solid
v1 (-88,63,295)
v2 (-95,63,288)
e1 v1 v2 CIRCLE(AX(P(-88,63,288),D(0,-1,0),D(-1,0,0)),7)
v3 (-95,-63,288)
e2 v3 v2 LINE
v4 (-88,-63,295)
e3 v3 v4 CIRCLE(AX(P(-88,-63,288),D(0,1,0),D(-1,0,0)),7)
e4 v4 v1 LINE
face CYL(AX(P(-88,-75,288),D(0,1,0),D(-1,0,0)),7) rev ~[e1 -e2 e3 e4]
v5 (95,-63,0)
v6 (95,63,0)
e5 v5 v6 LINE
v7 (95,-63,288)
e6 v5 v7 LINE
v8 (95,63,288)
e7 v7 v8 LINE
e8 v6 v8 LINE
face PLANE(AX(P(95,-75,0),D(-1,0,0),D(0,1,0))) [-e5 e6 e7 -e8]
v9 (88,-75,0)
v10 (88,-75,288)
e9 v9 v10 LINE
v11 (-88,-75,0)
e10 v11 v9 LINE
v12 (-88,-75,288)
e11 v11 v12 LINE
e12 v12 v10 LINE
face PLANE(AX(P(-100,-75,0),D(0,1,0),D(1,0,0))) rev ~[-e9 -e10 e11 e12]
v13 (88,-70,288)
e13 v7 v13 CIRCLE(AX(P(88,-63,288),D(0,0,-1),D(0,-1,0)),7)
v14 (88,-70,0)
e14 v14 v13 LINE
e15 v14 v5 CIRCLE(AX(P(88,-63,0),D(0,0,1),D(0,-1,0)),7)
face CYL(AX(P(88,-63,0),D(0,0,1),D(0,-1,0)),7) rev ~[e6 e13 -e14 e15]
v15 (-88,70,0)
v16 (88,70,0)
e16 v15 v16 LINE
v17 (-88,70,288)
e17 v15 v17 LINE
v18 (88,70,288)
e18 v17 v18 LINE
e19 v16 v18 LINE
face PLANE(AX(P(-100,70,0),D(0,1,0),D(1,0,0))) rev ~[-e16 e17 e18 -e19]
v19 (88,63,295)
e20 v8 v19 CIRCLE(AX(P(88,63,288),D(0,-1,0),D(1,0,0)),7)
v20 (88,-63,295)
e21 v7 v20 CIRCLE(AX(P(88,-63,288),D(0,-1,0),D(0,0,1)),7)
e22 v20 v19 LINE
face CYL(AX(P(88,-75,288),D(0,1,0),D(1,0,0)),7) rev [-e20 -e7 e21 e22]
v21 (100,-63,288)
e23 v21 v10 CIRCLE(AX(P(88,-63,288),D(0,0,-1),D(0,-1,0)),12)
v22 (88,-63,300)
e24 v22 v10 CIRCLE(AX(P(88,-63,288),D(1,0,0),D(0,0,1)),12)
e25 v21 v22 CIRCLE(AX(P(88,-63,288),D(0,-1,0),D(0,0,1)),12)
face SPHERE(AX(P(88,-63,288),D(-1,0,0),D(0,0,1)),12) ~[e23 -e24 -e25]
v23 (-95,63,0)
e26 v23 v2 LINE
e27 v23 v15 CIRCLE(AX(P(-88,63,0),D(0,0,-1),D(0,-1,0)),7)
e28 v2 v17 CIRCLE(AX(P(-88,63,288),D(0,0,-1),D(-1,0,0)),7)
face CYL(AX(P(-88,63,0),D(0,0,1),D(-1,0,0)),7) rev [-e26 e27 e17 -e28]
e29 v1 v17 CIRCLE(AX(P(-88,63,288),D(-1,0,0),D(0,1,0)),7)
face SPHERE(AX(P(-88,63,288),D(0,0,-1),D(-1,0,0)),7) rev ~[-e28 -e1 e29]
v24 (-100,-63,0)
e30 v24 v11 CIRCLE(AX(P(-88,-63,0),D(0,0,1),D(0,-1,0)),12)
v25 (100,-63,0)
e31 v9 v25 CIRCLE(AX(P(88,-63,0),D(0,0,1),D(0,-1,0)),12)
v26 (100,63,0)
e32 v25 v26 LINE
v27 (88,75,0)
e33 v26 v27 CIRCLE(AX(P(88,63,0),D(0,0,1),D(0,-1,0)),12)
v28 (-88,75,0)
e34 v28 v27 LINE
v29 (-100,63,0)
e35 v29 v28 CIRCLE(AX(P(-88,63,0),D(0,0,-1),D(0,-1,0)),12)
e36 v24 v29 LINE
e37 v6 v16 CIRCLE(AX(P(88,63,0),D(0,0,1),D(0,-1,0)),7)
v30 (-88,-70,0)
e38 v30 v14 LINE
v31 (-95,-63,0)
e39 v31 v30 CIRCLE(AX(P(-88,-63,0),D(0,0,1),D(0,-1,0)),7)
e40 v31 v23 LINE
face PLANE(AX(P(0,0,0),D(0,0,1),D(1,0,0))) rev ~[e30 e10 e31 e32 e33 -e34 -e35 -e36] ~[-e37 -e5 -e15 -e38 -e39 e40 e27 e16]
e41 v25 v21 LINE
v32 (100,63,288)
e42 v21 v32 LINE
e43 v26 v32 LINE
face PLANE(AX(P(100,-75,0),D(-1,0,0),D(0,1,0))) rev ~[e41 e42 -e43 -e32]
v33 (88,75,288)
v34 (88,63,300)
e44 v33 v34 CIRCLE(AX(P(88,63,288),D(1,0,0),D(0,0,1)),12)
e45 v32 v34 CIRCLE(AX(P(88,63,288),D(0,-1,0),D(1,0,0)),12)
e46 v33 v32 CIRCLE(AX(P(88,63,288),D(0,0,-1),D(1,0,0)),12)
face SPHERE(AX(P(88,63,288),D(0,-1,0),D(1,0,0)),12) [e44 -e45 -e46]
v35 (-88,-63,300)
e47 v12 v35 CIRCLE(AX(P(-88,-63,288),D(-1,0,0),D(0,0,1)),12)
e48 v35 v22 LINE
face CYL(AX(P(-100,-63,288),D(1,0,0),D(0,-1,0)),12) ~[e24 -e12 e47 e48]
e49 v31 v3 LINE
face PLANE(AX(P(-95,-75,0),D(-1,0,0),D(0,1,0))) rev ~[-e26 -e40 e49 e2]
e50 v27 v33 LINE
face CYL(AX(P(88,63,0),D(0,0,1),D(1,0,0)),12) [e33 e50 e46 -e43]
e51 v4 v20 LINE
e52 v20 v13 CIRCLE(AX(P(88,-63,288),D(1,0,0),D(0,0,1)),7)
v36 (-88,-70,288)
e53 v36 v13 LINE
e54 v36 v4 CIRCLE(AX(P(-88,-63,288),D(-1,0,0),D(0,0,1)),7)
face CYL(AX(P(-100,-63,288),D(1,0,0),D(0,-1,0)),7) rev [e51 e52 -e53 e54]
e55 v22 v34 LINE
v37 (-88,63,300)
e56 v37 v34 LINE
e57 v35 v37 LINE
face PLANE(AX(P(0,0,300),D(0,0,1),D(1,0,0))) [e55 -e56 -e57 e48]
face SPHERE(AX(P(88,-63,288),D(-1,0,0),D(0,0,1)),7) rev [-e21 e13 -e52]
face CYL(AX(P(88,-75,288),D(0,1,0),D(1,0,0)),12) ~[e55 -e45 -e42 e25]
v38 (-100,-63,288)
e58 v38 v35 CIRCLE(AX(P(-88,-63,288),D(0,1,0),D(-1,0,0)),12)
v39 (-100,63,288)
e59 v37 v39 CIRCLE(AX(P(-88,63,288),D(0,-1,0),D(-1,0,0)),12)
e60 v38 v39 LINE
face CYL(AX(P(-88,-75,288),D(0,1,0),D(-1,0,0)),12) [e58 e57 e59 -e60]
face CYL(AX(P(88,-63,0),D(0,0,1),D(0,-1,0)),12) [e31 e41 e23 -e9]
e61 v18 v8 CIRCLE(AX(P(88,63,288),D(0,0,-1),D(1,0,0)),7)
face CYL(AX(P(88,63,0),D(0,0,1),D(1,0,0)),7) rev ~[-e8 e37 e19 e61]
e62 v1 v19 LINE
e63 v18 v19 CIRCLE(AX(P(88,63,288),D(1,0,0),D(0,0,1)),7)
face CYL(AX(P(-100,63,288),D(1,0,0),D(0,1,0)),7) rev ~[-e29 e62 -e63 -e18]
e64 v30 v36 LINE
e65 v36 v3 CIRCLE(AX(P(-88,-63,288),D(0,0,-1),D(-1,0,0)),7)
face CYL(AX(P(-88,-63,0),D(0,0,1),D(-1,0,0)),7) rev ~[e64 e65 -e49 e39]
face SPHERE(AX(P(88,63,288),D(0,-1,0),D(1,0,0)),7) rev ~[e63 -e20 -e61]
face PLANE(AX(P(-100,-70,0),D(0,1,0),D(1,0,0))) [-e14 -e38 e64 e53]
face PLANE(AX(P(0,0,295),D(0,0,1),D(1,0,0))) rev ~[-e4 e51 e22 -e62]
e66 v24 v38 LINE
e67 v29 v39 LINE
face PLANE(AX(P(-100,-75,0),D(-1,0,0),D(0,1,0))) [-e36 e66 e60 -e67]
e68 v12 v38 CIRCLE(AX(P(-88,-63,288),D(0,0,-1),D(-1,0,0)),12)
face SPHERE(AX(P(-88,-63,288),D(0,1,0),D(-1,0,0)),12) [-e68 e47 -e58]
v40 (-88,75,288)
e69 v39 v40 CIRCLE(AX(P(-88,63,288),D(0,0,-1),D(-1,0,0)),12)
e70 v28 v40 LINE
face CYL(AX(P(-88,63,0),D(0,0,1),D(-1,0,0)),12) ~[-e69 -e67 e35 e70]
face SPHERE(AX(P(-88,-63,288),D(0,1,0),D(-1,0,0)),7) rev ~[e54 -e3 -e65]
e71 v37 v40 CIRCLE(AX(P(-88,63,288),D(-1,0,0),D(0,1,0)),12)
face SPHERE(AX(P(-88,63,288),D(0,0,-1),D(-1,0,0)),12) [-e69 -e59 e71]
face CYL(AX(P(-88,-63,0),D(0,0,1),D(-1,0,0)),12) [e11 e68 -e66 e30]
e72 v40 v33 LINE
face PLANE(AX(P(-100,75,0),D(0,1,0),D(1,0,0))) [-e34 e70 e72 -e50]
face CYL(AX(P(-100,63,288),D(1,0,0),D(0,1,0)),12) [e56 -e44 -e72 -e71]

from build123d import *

# Parameters (mm, degrees)
F0_W     = 200
F0_H     = 150
F1_DEPTH = 300
F2_R     = 12
F3_T     = -5


with BuildPart() as f1:
    # F0 (on Top) → F1 (new body)
    with BuildSketch(Plane.XY):
        Rectangle(F0_W, F0_H)
    extrude(amount=F1_DEPTH)

    # F2
    f2_edges = [f1.edges().sort_by_distance(p)[0] for p in [
        (-100, 75, 150),
        (-100, 0, 300),
        (-100, -75, 150),
        (0, -75, 300),
        (100, 0, 300),
        (100, -75, 150),
        (100, 75, 150),
        (0, 75, 300),
    ]]
    fillet(f2_edges, radius=F2_R)

    # F3
    f3_openings = [f1.faces().sort_by_distance(p)[0] for p in [
        (0, 0, 0),
    ]]
    offset(amount=F3_T, openings=f3_openings)


solid = f1.part
